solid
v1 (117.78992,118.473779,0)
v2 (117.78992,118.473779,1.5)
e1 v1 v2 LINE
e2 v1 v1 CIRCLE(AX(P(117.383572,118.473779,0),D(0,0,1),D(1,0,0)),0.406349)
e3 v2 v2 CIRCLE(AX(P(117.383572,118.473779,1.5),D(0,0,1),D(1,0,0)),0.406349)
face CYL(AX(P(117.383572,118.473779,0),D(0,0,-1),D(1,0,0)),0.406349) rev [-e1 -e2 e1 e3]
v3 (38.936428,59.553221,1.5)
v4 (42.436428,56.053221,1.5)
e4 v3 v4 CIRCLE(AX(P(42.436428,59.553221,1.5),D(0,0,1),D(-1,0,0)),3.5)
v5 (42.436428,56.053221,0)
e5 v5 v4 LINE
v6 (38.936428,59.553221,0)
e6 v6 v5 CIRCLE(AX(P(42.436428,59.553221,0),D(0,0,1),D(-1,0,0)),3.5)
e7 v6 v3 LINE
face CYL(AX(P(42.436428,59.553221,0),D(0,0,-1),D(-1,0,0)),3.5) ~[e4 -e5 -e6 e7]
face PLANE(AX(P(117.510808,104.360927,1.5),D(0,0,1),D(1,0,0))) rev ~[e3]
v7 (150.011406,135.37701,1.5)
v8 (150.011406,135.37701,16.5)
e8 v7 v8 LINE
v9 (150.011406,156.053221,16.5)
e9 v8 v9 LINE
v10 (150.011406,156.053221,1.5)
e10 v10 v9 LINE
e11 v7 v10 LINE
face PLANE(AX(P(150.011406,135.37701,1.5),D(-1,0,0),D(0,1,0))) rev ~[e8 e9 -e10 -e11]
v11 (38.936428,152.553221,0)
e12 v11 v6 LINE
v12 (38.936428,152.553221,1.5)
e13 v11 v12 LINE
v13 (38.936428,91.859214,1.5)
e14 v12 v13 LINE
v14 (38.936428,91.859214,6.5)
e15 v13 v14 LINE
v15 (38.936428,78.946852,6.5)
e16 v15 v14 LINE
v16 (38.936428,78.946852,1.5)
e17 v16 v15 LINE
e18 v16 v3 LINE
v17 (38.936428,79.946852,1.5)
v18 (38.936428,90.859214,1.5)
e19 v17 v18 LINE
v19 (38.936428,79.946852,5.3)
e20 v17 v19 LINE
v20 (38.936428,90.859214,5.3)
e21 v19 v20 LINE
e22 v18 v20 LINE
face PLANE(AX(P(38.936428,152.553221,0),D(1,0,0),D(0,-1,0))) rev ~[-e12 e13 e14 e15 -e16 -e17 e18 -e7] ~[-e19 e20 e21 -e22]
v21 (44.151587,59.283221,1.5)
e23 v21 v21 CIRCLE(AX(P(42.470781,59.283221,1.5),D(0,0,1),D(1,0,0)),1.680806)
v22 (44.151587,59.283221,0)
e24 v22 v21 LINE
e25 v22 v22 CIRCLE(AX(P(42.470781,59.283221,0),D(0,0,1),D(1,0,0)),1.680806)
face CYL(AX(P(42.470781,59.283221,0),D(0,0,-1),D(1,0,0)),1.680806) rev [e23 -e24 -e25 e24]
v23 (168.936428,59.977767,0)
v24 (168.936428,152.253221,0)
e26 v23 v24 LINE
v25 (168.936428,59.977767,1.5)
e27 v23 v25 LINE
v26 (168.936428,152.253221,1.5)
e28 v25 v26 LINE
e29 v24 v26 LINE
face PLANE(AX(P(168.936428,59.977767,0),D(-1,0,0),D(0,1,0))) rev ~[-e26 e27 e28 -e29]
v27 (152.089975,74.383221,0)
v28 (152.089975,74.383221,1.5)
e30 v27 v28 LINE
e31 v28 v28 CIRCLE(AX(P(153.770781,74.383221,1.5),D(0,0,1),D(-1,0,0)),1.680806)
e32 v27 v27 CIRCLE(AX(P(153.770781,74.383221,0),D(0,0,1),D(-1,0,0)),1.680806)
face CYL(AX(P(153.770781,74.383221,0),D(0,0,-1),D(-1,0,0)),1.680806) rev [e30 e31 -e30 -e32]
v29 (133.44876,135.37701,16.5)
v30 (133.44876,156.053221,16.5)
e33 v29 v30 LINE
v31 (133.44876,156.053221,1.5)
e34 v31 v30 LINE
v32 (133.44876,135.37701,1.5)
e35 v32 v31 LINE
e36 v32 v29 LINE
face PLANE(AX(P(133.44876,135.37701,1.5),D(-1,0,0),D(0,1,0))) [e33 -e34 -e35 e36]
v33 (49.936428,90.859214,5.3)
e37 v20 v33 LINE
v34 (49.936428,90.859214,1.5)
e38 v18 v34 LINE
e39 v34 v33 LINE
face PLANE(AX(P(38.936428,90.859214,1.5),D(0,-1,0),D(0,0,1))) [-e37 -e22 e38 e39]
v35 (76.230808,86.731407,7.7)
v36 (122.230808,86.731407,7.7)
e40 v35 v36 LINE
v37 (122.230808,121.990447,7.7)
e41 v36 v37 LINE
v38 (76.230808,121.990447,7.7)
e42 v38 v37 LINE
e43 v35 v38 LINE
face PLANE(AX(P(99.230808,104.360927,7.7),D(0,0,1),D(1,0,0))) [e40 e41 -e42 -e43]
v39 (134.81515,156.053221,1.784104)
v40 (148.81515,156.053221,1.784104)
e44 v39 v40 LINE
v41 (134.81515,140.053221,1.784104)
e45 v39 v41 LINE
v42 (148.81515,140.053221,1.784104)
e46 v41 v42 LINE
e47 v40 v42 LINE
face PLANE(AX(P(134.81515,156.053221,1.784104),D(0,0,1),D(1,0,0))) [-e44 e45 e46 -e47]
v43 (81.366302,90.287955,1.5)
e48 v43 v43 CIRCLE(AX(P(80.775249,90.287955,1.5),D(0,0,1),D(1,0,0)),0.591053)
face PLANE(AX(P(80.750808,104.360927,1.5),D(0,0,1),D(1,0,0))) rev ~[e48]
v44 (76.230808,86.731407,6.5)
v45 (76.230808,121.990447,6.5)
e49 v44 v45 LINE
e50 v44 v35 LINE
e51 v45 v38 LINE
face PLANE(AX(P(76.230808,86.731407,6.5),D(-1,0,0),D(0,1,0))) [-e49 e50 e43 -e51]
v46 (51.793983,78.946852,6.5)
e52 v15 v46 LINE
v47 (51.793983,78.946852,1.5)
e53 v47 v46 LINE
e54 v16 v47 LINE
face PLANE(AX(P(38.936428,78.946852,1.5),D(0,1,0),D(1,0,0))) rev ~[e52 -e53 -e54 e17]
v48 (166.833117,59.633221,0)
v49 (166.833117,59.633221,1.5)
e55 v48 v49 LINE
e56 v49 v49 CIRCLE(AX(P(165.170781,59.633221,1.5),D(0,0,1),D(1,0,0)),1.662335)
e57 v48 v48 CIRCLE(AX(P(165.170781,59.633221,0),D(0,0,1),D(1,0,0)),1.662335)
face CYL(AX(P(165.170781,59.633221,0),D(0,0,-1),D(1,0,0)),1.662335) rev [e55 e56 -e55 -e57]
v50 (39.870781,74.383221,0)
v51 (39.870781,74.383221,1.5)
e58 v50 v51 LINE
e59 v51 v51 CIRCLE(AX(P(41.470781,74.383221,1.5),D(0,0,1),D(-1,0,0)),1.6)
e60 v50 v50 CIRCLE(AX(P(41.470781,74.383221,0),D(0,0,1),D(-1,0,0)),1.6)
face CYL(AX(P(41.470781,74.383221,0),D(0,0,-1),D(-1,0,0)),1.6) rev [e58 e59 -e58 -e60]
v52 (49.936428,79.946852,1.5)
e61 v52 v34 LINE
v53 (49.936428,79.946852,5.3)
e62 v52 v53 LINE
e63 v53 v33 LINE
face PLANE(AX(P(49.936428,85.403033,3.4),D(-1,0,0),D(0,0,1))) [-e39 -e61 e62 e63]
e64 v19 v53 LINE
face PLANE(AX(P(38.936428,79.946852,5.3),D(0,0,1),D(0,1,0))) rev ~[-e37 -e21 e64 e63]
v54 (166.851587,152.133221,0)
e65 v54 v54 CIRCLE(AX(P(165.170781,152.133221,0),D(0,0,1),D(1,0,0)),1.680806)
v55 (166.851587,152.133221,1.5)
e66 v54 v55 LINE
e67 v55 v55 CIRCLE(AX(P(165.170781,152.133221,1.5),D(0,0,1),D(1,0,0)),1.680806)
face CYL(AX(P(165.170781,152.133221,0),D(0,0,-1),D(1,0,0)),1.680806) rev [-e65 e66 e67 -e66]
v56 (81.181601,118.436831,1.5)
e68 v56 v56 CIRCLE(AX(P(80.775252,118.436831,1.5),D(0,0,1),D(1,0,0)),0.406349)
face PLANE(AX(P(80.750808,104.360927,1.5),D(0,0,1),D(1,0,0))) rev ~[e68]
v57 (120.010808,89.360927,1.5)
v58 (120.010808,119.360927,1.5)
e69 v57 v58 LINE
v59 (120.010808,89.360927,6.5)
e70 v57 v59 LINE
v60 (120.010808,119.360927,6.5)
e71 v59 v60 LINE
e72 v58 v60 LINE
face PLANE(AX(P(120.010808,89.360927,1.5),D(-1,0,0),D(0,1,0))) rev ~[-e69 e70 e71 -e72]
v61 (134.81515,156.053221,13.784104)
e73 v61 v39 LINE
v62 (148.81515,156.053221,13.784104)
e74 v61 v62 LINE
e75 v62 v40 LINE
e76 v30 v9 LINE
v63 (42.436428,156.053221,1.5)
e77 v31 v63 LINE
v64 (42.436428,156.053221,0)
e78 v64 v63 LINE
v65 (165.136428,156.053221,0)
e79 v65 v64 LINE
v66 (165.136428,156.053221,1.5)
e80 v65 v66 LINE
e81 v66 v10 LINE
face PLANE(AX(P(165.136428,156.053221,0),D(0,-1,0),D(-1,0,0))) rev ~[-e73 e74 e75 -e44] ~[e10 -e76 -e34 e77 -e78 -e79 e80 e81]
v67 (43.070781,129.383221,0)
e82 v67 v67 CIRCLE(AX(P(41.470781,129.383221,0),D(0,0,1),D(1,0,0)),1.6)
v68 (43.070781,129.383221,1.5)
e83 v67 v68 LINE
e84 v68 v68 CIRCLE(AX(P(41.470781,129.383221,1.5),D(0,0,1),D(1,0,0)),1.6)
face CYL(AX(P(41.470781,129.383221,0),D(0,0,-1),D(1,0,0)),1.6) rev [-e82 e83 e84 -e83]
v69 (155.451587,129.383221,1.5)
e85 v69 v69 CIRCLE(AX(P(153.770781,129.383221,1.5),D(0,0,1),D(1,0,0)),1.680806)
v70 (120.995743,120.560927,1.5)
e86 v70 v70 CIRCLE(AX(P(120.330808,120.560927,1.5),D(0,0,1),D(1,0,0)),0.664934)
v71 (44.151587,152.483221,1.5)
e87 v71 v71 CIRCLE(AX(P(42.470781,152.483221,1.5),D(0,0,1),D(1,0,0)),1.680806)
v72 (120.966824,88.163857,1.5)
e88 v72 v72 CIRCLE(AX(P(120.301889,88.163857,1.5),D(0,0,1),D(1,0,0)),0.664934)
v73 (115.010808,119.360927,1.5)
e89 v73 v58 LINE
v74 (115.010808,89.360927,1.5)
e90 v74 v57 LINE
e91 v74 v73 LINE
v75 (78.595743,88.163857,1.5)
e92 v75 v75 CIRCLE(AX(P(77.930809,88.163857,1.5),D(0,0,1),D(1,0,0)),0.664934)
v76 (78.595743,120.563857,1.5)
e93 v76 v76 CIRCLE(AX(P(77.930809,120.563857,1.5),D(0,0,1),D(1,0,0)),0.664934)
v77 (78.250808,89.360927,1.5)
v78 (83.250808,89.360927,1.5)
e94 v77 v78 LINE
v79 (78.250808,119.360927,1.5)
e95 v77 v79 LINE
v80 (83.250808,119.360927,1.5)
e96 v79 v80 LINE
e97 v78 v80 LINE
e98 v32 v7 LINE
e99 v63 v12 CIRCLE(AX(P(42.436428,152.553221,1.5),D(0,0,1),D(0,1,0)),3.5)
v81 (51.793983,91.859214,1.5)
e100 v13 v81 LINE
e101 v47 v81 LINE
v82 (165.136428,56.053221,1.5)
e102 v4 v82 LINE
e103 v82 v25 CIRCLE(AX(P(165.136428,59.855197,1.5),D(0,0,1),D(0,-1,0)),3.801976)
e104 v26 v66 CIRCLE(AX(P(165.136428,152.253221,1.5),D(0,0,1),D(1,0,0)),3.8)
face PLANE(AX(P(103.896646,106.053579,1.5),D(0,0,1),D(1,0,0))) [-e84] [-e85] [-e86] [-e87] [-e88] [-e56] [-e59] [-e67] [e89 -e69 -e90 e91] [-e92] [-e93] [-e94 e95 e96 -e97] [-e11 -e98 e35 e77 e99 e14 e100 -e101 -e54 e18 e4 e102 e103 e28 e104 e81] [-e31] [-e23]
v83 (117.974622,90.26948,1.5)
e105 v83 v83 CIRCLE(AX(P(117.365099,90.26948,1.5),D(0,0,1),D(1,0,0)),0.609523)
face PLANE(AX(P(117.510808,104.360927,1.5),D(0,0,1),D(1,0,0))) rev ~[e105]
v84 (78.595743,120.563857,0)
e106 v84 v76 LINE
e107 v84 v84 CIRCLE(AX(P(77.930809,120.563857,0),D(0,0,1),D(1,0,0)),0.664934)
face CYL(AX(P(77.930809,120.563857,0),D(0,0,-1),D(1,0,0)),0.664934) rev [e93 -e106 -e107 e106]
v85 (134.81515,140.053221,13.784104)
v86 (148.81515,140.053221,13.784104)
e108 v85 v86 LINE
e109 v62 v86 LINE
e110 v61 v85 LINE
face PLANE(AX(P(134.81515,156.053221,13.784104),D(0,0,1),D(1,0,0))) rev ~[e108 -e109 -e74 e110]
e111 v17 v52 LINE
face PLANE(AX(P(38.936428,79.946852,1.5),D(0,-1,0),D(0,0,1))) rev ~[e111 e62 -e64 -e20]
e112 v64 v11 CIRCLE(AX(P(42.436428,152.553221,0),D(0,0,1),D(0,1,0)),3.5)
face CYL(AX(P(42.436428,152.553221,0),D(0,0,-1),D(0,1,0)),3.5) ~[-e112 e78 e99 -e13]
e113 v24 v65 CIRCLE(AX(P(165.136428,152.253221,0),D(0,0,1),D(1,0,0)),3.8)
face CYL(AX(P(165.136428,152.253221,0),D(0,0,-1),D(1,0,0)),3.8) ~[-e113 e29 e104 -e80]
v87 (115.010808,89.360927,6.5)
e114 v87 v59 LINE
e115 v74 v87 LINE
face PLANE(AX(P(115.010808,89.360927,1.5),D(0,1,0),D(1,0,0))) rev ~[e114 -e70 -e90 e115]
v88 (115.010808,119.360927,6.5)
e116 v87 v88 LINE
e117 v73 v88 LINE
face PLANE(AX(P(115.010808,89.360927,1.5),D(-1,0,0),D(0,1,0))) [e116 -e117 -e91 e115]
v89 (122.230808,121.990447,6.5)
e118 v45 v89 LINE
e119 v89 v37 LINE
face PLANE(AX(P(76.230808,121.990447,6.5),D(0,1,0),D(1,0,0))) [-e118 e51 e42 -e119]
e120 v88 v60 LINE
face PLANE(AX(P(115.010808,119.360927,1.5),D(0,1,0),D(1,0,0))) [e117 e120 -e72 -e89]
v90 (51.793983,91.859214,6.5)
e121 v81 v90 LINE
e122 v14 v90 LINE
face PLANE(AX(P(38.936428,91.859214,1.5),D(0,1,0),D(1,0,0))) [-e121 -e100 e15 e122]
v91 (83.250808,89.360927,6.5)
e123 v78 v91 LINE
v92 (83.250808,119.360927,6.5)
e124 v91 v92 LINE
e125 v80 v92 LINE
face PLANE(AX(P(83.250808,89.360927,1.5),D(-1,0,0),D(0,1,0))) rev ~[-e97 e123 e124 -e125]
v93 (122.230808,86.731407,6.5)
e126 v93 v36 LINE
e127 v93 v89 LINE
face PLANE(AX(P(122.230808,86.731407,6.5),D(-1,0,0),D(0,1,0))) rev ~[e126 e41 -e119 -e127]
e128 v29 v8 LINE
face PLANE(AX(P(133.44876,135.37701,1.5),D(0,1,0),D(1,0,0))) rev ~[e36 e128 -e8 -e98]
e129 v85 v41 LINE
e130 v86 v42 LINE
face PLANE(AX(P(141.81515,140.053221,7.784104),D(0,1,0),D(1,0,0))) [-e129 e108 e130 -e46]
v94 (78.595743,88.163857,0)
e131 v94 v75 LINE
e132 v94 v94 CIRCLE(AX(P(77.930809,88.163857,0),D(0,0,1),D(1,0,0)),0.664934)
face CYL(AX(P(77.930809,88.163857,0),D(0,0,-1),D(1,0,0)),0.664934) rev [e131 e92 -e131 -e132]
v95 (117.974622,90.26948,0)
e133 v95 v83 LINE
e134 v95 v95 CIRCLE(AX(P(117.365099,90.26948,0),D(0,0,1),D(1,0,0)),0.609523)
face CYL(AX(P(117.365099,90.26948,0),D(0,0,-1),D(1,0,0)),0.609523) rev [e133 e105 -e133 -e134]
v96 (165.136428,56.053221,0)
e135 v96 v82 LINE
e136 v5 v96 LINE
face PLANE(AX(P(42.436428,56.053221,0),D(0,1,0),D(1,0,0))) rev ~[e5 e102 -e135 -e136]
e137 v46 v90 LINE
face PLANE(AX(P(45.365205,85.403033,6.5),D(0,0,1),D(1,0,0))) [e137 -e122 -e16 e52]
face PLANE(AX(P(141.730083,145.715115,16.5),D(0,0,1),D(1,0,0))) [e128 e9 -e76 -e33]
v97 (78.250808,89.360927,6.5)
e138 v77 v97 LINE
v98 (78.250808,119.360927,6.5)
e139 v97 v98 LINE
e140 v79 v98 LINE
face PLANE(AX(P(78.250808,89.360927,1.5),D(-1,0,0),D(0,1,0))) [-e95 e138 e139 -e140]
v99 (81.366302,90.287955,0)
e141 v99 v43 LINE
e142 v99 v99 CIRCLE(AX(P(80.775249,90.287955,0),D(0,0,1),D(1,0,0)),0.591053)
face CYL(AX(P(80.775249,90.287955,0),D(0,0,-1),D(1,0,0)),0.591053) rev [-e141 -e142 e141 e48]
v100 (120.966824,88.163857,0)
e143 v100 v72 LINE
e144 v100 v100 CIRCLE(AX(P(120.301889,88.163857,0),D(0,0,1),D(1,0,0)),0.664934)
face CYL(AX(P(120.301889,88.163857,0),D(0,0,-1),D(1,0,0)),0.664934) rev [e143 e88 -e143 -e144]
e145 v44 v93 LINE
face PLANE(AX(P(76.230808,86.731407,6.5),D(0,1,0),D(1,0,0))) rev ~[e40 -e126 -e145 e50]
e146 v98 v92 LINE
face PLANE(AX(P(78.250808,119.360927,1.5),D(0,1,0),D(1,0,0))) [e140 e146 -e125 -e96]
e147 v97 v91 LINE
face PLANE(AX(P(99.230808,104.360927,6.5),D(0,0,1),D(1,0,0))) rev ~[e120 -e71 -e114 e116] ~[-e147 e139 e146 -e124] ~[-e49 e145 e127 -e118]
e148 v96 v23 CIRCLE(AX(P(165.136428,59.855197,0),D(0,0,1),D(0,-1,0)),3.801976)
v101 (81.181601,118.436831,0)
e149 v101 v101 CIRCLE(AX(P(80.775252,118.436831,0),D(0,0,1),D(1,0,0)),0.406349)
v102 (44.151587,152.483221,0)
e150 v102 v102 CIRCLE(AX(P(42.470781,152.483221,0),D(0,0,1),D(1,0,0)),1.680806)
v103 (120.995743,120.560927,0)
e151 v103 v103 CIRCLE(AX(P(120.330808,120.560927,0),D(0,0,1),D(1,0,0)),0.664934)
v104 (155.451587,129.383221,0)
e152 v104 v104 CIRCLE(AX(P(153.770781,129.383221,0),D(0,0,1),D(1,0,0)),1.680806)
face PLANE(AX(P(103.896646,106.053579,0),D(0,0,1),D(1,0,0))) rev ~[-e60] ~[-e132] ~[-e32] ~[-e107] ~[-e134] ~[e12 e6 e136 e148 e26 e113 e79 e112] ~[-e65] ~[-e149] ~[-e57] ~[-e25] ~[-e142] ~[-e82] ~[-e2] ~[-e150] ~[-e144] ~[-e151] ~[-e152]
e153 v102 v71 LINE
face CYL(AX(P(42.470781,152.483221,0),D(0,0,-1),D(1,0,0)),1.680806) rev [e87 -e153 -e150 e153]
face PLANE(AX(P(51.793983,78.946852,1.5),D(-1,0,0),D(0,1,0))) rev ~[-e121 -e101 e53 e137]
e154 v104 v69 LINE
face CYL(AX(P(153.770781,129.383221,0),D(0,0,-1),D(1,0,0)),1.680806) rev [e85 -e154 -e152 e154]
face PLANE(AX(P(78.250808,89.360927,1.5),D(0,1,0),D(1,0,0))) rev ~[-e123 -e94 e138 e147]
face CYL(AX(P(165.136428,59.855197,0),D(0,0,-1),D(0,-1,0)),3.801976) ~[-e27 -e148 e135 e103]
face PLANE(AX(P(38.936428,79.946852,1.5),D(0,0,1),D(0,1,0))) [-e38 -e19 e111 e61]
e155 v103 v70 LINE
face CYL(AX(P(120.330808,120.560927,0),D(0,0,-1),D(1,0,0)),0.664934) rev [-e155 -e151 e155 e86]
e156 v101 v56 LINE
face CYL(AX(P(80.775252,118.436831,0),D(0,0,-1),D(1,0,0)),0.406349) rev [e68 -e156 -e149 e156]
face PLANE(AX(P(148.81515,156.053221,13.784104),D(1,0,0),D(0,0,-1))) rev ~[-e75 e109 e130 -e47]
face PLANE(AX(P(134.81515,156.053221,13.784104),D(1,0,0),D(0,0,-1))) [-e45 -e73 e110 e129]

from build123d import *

# Parameters (mm, degrees)
SKETCH_1_R          = 1.680805835
SKETCH_1_R_2        = 0.406348663
SKETCH_1_R_3        = 0.591052601
SKETCH_1_R_4        = 0.609522995
SKETCH_1_R_5        = 0.664934176
SKETCH_1_R_6        = 1.662335441
SKETCH_1_R_7        = 1.6
EXTRUDE_2_DEPTH     = 1.5
SKETCH_2_W          = 5
SKETCH_2_H          = 30
EXTRUDE_3_DEPTH     = 5
SKETCH_3_W          = 46
SKETCH_3_H          = 35.259040571
EXTRUDE_4_DEPTH     = 1.2
SKETCH_4_W          = 16.562645757
SKETCH_4_H          = 20.676210758
EXTRUDE_5_DEPTH     = 15
SKETCH_5_W          = 14
SKETCH_5_H          = 12
CUT_EXTRUDE_1_DEPTH = 16
SKETCH_6_W          = 12.857554965
SKETCH_6_H          = 12.912362425
EXTRUDE_6_DEPTH     = 5
SKETCH_9_W          = 3.8
SKETCH_9_H          = 10.912362425
CUT_EXTRUDE_2_DEPTH = 11


with BuildPart() as part:
    # 草图1 → 凸台-拉伸2 (new body)
    with BuildSketch(Plane.XY):
        with BuildLine():
            Line((42.436427683, 56.053220537), (165.136427683, 56.053220537))
            ThreePointArc((165.136427683, 56.053220537), (167.867822265, 57.210483747), (168.936427683, 59.977767064))
            Line((168.936427683, 59.977767064), (168.936427683, 152.253220537))
            ThreePointArc((168.936427683, 152.253220537), (167.823433451, 154.940226305), (165.136427683, 156.053220537))
            Line((165.136427683, 156.053220537), (42.436427683, 156.053220537))
            ThreePointArc((42.436427683, 156.053220537), (39.961553949, 155.028094271), (38.936427683, 152.553220537))
            Line((38.936427683, 152.553220537), (38.936427683, 59.553220537))
            ThreePointArc((38.936427683, 59.553220537), (39.961553949, 57.078346802), (42.436427683, 56.053220537))
        make_face()
        with Locations((153.770781099, 129.383220537)):
            Circle(SKETCH_1_R, mode=Mode.SUBTRACT)
        with Locations((117.383571785, 118.473779489)):
            Circle(SKETCH_1_R_2, mode=Mode.SUBTRACT)
        with Locations((80.77524922, 90.287954645)):
            Circle(SKETCH_1_R_3, mode=Mode.SUBTRACT)
        with Locations((117.36509862, 90.269480326)):
            Circle(SKETCH_1_R_4, mode=Mode.SUBTRACT)
        with Locations((80.775251991, 118.436830852)):
            Circle(SKETCH_1_R_2, mode=Mode.SUBTRACT)
        with Locations((77.930808577, 120.563856588)):
            Circle(SKETCH_1_R_5, mode=Mode.SUBTRACT)
        with Locations((120.330808475, 120.56092691)):
            Circle(SKETCH_1_R_5, mode=Mode.SUBTRACT)
        with Locations((120.301889386, 88.163856588)):
            Circle(SKETCH_1_R_5, mode=Mode.SUBTRACT)
        with Locations((77.930808577, 88.163856588)):
            Circle(SKETCH_1_R_5, mode=Mode.SUBTRACT)
        with Locations((165.170781099, 59.633220537)):
            Circle(SKETCH_1_R_6, mode=Mode.SUBTRACT)
        with Locations((165.170781099, 152.133220537)):
            Circle(SKETCH_1_R, mode=Mode.SUBTRACT)
        with Locations((42.470781099, 152.483220537)):
            Circle(SKETCH_1_R, mode=Mode.SUBTRACT)
        with Locations((42.470781099, 59.283220537)):
            Circle(SKETCH_1_R, mode=Mode.SUBTRACT)
        with Locations(Location((153.770781099, 74.383220537, 0), (0, 0, 180))):
            Circle(SKETCH_1_R, mode=Mode.SUBTRACT)
        with Locations(Location((41.470781099, 74.383220537, 0), (0, 0, 180))):
            Circle(SKETCH_1_R_7, mode=Mode.SUBTRACT)
        with Locations((41.470781099, 129.383220537)):
            Circle(SKETCH_1_R_7, mode=Mode.SUBTRACT)
    extrude(amount=EXTRUDE_2_DEPTH)

    # 草图2 → 凸台-拉伸3 (add)
    with BuildSketch(Plane.XY.offset(1.5)):
        with Locations((80.750808475, 104.36092691)):
            Rectangle(SKETCH_2_W, SKETCH_2_H)
        with Locations((117.510808475, 104.36092691)):
            Rectangle(SKETCH_2_W, SKETCH_2_H)
    extrude(amount=EXTRUDE_3_DEPTH)

    # 草图3 → 凸台-拉伸4 (add)
    with BuildSketch(Plane.XY.offset(6.5)):
        with Locations((99.230808475, 104.360926909)):
            Rectangle(SKETCH_3_W, SKETCH_3_H)
    extrude(amount=EXTRUDE_4_DEPTH)

    # 草图4 → 凸台-拉伸5 (add)
    with BuildSketch(Plane.XY.offset(1.5)):
        with Locations((141.730083201, 145.715115158)):
            Rectangle(SKETCH_4_W, SKETCH_4_H)
    extrude(amount=EXTRUDE_5_DEPTH)

    # 草图5 → 切除-拉伸1 (cut)
    with BuildSketch(Plane(origin=(0, 156.053220537, 0), x_dir=(1, 0, 0), z_dir=(0, 1, 0))):
        with Locations((141.815149852, -7.784103515)):
            Rectangle(SKETCH_5_W, SKETCH_5_H)
    extrude(amount=-CUT_EXTRUDE_1_DEPTH, mode=Mode.SUBTRACT)

    # 草图6 → 凸台-拉伸6 (add)
    with BuildSketch(Plane.XY.offset(1.5)):
        with Locations((45.365205166, 85.403032826)):
            Rectangle(SKETCH_6_W, SKETCH_6_H)
    extrude(amount=EXTRUDE_6_DEPTH)

    # 草图9 → 切除-拉伸2 (cut)
    with BuildSketch(Plane.ZY.offset(-38.936427683)):
        with Locations((3.4, 85.403032826)):
            Rectangle(SKETCH_9_W, SKETCH_9_H)
    extrude(amount=-CUT_EXTRUDE_2_DEPTH, mode=Mode.SUBTRACT)


solid = part.part
